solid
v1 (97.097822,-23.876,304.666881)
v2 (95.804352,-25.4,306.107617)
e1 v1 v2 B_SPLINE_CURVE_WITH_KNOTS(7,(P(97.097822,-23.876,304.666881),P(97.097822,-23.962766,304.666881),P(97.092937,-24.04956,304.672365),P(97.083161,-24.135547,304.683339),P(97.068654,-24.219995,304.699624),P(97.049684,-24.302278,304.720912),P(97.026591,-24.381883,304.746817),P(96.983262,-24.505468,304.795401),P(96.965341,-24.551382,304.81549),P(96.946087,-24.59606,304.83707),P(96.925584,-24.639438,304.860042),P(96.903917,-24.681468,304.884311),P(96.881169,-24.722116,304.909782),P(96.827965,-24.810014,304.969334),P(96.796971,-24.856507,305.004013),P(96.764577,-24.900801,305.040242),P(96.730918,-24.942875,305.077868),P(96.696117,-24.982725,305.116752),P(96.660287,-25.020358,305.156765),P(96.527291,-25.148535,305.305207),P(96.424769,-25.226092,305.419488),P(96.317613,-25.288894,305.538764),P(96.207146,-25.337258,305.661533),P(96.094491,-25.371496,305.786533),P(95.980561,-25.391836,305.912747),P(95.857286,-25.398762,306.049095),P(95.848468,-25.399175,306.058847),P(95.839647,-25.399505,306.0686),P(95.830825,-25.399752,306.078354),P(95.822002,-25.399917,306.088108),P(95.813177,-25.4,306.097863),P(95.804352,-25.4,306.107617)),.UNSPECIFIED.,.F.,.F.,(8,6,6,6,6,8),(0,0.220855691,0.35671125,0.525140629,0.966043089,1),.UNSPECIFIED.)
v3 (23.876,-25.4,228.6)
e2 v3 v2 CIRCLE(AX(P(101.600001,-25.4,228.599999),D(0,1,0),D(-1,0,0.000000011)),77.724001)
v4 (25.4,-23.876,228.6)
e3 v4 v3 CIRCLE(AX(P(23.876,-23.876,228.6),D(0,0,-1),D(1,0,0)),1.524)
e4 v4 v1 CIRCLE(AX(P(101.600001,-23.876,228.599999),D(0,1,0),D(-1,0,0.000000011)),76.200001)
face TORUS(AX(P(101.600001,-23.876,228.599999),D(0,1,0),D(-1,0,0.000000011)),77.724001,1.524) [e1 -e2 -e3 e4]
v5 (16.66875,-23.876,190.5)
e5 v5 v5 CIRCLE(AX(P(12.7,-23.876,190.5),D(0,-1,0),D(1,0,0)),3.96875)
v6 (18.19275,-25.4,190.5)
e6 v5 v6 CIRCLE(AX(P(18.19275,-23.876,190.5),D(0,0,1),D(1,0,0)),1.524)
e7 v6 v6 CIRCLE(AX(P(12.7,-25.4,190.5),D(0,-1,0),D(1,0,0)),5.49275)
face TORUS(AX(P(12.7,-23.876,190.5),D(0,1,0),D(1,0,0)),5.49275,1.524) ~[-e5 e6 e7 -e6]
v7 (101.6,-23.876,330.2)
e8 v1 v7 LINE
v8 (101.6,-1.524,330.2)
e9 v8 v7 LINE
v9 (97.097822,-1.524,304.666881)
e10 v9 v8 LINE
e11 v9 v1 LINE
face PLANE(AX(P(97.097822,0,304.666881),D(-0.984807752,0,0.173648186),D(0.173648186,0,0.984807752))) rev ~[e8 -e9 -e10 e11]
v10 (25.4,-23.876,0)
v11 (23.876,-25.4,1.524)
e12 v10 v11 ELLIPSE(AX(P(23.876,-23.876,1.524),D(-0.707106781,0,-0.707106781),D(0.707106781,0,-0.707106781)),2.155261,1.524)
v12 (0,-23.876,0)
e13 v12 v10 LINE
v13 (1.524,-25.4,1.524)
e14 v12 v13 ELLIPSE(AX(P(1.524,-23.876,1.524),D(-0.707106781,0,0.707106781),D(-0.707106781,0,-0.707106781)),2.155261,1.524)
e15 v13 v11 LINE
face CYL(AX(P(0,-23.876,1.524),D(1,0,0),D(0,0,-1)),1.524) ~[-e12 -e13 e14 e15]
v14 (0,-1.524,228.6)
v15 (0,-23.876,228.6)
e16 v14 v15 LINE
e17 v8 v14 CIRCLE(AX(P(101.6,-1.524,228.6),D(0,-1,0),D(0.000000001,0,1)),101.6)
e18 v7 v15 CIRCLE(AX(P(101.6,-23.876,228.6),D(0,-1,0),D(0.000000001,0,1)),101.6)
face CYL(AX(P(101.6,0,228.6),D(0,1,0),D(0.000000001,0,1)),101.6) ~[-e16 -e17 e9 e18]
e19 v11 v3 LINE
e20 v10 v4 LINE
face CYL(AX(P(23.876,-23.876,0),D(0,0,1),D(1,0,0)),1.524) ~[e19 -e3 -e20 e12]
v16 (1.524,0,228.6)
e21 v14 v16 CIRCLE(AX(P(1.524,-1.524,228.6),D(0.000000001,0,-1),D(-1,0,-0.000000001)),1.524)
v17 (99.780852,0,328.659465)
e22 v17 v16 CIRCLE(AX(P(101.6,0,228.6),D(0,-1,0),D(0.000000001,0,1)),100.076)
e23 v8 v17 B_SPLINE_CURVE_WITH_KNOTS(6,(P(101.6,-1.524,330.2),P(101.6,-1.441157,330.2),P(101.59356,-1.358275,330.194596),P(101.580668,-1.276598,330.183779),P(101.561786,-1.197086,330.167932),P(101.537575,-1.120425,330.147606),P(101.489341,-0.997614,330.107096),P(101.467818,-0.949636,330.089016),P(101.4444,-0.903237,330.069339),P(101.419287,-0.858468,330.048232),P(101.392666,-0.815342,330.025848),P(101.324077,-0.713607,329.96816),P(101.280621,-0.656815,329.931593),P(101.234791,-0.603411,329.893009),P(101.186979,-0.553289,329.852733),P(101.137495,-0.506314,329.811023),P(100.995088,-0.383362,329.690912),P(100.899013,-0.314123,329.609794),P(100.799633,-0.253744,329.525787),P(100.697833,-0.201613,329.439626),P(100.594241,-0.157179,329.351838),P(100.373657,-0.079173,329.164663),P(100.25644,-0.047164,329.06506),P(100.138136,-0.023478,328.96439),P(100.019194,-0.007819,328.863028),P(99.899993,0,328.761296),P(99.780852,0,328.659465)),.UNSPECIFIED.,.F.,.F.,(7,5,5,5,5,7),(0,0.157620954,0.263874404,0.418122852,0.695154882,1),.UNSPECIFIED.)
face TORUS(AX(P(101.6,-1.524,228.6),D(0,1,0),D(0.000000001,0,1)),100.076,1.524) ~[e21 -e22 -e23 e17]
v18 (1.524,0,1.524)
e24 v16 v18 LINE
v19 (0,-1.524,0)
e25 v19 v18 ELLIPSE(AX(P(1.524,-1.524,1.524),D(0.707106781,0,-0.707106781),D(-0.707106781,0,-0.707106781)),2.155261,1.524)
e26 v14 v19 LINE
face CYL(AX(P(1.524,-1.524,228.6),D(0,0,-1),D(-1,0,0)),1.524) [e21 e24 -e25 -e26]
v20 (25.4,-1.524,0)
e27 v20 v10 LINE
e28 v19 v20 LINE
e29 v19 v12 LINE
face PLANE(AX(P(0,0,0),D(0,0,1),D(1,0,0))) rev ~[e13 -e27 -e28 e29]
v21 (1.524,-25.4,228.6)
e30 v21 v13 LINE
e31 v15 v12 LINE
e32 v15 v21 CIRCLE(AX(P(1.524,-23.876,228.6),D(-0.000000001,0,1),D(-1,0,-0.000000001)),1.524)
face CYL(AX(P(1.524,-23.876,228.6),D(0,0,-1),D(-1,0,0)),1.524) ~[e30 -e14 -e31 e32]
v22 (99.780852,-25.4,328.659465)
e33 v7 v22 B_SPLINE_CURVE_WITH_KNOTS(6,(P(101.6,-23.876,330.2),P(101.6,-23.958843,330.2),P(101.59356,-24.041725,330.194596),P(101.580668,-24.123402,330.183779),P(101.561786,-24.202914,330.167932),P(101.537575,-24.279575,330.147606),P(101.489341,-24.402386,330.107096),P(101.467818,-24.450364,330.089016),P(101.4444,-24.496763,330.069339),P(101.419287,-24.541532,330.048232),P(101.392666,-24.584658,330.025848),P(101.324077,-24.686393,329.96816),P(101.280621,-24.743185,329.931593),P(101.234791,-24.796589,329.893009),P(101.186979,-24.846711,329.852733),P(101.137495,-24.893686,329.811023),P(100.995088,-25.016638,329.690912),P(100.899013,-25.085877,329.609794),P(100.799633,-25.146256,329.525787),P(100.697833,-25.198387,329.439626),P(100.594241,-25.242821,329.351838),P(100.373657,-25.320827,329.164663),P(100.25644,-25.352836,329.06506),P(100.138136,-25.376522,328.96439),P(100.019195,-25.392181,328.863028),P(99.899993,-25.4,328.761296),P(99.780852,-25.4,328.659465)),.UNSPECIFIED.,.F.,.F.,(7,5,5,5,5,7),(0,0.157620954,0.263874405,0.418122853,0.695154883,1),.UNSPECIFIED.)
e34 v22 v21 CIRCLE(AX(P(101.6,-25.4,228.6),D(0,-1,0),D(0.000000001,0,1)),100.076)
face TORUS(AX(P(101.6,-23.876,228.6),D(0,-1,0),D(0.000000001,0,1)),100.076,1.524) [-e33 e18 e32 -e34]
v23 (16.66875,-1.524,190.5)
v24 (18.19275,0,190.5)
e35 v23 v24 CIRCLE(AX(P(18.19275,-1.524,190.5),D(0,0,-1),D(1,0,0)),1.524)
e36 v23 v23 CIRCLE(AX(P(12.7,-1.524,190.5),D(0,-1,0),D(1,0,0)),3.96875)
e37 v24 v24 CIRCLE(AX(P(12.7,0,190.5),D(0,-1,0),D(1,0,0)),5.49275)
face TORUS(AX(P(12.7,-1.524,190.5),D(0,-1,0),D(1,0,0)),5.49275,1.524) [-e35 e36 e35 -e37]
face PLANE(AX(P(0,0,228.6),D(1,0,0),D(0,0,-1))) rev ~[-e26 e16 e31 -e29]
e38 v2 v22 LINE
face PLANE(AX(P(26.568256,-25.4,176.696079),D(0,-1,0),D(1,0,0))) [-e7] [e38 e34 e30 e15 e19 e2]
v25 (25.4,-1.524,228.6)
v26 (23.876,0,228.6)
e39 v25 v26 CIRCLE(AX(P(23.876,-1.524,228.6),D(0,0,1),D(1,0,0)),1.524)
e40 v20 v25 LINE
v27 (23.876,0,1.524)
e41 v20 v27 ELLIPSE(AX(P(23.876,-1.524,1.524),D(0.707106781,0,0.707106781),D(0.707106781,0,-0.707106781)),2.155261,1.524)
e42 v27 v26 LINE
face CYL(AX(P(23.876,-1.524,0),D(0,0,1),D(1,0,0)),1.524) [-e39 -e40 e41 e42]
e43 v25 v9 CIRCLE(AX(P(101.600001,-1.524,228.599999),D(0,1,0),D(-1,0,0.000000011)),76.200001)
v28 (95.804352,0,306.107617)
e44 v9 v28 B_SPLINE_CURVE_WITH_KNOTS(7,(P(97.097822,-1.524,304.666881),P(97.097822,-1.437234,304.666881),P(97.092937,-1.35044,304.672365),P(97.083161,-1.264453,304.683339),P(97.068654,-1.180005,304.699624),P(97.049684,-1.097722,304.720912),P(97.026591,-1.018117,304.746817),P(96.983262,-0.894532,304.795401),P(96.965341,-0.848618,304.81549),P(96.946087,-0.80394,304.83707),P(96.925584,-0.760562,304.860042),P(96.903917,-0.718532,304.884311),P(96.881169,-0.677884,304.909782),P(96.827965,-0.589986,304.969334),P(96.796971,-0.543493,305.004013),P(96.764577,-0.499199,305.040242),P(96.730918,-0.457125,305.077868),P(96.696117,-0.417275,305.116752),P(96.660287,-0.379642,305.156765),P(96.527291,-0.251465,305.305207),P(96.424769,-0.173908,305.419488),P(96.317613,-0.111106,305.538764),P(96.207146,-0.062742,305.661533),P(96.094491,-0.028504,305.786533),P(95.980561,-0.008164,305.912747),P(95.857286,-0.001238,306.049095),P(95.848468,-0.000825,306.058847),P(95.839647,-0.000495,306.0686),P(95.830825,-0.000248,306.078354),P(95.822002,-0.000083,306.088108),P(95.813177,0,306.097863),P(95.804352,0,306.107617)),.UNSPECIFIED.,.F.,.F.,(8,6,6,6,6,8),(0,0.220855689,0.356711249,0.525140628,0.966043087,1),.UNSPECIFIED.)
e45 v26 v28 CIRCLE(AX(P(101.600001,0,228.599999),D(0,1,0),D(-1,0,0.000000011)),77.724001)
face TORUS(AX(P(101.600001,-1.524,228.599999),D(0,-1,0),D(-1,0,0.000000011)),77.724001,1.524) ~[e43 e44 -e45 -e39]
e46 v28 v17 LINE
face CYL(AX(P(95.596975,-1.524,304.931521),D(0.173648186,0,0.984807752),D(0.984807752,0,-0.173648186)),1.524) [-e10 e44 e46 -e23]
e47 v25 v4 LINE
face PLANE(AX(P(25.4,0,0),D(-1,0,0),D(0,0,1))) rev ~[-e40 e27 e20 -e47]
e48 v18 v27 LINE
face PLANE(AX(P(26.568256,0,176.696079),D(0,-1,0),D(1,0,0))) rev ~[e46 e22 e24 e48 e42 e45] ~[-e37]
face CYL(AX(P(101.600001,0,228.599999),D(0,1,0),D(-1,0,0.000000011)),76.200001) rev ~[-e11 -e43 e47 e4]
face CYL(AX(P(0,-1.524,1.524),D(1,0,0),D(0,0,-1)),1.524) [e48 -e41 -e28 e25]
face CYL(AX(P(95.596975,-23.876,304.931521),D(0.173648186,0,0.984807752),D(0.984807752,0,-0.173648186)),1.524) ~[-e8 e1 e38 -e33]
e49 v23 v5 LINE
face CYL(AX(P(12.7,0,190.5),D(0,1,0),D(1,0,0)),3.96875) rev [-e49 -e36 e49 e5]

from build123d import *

# Parameters (mm, degrees)
F0_R     = 3.96875
F1_DEPTH = 25.4
F2_R     = 1.524


with BuildPart() as f1:
    # F0 (on Front) → F1 (new body)
    with BuildSketch(Plane.XZ):
        with BuildLine():
            Line((0, 228.6), (0, 0))
            Line((0, 0), (25.4, 0))
            Line((25.4, 0), (25.4, 228.6))
            ThreePointArc((25.4, 228.6), (46.149545, 280.865543), (97.097822, 304.666881))
            Line((97.097822, 304.666881), (101.6, 330.2))
            ThreePointArc((101.6, 330.2), (29.757951, 300.442049), (0, 228.6))
        make_face()
        with Locations((12.7, 190.5)):
            Circle(F0_R, mode=Mode.SUBTRACT)
    extrude(amount=F1_DEPTH)

    # F2
    f2_edges = [f1.edges().sort_by_distance(p)[0] for p in [
        (0, -25.4, 114.3),
        (12.7, -25.4, 0),
        (25.4, -25.4, 114.3),
        (46.149545, -25.4, 280.865543),
        (99.348911, -25.4, 317.433441),
        (29.757951, -25.4, 300.442049),
        (8.73125, -25.4, 190.5),
        (0, 0, 114.3),
        (12.7, 0, 0),
        (25.4, 0, 114.3),
        (46.149545, 0, 280.865543),
        (99.348911, 0, 317.433441),
        (29.757951, 0, 300.442049),
        (8.73125, 0, 190.5),
    ]]
    fillet(f2_edges, radius=F2_R)


solid = f1.part
